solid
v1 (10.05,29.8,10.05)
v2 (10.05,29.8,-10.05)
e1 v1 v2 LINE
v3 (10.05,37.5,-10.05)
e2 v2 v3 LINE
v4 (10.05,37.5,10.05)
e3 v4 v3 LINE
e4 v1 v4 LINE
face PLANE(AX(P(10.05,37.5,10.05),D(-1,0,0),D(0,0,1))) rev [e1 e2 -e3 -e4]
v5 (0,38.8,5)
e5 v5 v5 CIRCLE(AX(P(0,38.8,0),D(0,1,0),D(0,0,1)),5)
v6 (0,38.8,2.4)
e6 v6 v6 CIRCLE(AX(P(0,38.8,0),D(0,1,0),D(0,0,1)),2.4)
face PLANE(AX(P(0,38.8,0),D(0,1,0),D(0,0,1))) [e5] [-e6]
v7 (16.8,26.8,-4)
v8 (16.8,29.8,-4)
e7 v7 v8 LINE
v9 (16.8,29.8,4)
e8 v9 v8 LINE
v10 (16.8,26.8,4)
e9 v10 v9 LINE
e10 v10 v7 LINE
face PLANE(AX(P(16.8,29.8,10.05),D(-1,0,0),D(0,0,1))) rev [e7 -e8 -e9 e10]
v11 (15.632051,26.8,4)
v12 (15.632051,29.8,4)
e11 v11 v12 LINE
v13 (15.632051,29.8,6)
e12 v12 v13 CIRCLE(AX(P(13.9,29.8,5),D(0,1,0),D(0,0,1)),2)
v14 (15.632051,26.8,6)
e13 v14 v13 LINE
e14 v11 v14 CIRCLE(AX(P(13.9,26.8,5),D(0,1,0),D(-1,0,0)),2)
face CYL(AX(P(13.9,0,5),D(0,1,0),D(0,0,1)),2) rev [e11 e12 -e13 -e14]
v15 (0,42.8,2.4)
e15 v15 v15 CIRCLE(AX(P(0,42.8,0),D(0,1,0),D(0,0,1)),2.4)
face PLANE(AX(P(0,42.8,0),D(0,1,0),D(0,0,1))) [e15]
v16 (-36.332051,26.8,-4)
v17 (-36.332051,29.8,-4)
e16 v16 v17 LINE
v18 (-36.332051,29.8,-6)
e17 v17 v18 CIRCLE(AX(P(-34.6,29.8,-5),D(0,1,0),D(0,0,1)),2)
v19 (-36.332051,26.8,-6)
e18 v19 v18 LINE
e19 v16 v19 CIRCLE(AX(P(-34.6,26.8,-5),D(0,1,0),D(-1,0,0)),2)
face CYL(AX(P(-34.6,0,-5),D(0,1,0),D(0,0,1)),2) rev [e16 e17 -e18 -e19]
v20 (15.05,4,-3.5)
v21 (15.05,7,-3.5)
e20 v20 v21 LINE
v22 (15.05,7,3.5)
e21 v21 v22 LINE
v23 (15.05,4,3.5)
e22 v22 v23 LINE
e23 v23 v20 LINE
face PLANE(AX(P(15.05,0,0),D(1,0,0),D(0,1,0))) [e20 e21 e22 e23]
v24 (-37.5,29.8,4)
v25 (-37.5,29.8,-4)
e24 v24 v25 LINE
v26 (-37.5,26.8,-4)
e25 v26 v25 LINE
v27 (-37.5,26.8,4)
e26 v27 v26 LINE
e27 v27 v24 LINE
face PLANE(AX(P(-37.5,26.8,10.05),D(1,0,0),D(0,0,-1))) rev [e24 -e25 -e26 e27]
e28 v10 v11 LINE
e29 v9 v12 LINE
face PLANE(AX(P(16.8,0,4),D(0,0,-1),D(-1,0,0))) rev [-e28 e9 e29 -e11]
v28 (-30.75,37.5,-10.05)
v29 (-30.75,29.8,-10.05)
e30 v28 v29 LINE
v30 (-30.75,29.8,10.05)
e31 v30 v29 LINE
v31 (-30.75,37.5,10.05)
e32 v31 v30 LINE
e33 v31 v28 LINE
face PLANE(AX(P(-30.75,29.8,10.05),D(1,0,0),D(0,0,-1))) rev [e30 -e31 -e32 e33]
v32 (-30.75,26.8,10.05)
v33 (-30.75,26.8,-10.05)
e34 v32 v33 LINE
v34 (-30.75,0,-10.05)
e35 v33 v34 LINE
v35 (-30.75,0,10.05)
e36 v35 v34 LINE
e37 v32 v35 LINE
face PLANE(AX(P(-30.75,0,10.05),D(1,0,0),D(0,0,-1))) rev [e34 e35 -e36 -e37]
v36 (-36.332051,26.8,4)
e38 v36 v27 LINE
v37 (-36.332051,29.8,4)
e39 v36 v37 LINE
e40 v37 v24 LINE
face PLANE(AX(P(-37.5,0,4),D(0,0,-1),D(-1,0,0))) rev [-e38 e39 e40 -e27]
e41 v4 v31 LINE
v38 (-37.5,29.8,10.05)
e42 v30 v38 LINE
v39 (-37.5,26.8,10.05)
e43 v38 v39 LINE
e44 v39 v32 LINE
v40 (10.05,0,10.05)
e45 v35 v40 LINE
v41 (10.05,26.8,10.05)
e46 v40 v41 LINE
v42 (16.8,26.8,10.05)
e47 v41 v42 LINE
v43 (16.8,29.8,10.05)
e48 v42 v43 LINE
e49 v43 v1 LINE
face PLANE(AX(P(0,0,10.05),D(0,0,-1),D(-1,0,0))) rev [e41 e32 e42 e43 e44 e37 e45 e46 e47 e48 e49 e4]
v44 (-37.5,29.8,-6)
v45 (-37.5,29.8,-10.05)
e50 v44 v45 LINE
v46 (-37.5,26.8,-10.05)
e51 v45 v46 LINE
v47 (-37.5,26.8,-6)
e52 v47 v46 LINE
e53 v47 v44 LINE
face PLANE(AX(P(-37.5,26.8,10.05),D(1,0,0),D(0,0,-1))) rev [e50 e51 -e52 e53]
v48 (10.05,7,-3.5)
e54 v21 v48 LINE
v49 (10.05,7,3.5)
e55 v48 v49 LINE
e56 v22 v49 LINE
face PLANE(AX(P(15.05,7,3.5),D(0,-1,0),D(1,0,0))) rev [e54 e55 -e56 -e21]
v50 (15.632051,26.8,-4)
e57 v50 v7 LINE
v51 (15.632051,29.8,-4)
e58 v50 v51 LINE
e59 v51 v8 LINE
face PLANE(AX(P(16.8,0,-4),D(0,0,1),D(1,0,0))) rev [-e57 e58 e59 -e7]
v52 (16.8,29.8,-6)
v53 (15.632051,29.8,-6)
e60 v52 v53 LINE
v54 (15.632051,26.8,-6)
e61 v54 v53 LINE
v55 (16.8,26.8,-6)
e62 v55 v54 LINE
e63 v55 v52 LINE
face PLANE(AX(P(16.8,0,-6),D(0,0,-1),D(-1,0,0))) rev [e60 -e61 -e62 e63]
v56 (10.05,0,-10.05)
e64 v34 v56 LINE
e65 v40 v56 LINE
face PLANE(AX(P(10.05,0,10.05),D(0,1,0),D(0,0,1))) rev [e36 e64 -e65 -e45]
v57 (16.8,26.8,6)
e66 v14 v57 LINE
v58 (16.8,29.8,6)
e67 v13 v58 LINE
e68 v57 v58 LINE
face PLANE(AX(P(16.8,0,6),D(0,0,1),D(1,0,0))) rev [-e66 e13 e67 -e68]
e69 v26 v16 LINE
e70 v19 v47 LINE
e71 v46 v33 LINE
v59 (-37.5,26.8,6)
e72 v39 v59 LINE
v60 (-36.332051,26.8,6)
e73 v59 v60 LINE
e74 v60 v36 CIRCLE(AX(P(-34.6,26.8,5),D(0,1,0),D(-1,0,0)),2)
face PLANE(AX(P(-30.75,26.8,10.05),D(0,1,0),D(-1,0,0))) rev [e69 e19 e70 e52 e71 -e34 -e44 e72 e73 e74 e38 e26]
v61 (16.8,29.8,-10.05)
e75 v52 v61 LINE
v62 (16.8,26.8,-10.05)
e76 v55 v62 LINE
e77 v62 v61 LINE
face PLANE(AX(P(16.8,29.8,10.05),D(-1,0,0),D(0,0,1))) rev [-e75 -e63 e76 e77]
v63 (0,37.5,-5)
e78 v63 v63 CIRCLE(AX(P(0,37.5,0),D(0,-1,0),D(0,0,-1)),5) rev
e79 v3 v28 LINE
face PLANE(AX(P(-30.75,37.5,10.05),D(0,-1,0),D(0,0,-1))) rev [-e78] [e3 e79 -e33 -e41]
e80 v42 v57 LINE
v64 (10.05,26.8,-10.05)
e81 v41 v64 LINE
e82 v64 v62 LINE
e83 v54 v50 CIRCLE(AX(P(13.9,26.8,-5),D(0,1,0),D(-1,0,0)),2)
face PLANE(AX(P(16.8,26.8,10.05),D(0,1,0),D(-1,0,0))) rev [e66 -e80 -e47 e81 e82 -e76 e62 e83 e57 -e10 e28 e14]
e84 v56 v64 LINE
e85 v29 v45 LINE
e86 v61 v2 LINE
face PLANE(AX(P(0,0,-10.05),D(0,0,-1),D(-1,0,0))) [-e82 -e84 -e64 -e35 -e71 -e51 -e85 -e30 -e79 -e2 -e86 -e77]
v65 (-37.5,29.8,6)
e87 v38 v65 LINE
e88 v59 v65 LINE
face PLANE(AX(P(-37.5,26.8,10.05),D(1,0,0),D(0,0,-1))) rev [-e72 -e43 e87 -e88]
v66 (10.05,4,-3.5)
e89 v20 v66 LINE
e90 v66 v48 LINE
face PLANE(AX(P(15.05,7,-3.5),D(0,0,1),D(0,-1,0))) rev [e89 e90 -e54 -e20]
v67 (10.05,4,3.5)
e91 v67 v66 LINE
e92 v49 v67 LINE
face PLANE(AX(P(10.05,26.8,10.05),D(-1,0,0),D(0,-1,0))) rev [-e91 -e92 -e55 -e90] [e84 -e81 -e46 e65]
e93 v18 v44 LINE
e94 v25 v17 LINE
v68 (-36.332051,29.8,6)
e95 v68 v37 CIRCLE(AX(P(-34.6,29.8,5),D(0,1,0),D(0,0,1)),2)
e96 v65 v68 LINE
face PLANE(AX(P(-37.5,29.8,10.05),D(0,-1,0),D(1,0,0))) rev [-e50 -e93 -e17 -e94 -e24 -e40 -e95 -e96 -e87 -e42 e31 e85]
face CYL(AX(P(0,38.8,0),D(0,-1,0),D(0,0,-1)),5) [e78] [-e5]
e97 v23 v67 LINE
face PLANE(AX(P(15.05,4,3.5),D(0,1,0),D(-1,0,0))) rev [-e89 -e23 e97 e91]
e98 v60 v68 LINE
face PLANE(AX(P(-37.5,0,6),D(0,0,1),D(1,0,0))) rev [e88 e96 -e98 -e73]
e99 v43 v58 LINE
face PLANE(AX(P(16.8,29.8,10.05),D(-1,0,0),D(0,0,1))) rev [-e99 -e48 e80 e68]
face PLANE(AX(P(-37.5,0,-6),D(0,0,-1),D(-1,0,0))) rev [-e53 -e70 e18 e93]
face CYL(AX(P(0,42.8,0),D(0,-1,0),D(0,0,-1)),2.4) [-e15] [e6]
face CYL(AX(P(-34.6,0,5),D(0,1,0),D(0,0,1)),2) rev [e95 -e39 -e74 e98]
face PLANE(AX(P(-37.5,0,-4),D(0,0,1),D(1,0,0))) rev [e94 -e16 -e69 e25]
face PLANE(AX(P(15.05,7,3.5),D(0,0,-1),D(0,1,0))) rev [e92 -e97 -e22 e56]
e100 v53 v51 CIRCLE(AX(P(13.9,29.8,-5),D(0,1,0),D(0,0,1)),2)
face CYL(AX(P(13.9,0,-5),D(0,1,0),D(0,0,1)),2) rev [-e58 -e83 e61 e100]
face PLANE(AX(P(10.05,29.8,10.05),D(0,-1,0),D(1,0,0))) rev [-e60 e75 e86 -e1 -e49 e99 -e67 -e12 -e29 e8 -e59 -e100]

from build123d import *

# Parameters (mm, degrees)
BOSS_EXTRUDE1_START = -10.05
BOSS_EXTRUDE1_DEPTH = 20.1
CUT_EXTRUDE1_DEPTH  = 30.8
SKETCH5_R           = 5
BOSS_EXTRUDE2_DEPTH = 1.3
SKETCH6_R           = 2.4
BOSS_EXTRUDE3_DEPTH = 4
SKETCH8_W           = 7
SKETCH8_H           = 3
BOSS_EXTRUDE4_DEPTH = 5


with BuildPart() as part:
    # Sketch3 → Boss-Extrude1 (new body)
    with BuildSketch(Plane.XY.offset(BOSS_EXTRUDE1_START)):
        Polygon((-30.75, 0), (-30.75, 26.8), (-37.5, 26.8), (-37.5, 29.8), (-30.75, 29.8), (-30.75, 37.5), (10.05, 37.5), (10.05, 29.8), (16.8, 29.8), (16.8, 26.8), (10.05, 26.8), (10.05, 0), align=None)
    extrude(amount=BOSS_EXTRUDE1_DEPTH)

    # Sketch4 → Cut-Extrude1 (cut, through all)
    with BuildSketch(Plane(origin=(0, 29.8, 0), x_dir=(1, 0, 0), z_dir=(0, 1, 0))):
        with BuildLine():
            Line((-37.5, 6), (-37.5, 4))
            Line((-37.5, 4), (-36.332050808, 4))
            ThreePointArc((-36.332050808, 4), (-32.6, 5), (-36.332050808, 6))
            Line((-36.332050808, 6), (-37.5, 6))
        make_face()
        with BuildLine():
            Line((16.8, -6), (15.632050808, -6))
            ThreePointArc((15.632050808, -6), (11.9, -5), (15.632050808, -4))
            Line((15.632050808, -4), (16.8, -4))
            Line((16.8, -4), (16.8, -6))
        make_face()
        with BuildLine():
            Line((-37.5, -4), (-37.5, -6))
            Line((-37.5, -6), (-36.332050808, -6))
            ThreePointArc((-36.332050808, -6), (-32.6, -5), (-36.332050808, -4))
            Line((-36.332050808, -4), (-37.5, -4))
        make_face()
        with BuildLine():
            Line((16.8, 4), (15.632050808, 4))
            ThreePointArc((15.632050808, 4), (11.9, 5), (15.632050808, 6))
            Line((15.632050808, 6), (16.8, 6))
            Line((16.8, 6), (16.8, 4))
        make_face()
    extrude(amount=-CUT_EXTRUDE1_DEPTH, mode=Mode.SUBTRACT)

    # Sketch5 → Boss-Extrude2 (add)
    with BuildSketch(Plane(origin=(0, 37.5, 0), x_dir=(1, 0, 0), z_dir=(0, 1, 0))):
        Circle(SKETCH5_R)
    extrude(amount=BOSS_EXTRUDE2_DEPTH)

    # Sketch6 → Boss-Extrude3 (add)
    with BuildSketch(Plane(origin=(0, 38.8, 0), x_dir=(1, 0, 0), z_dir=(0, 1, 0))):
        Circle(SKETCH6_R)
    extrude(amount=BOSS_EXTRUDE3_DEPTH)

    # Sketch8 → Boss-Extrude4 (add)
    with BuildSketch(Plane(origin=(10.05, 0, 0), x_dir=(0, 0, -1), z_dir=(1, 0, 0))):
        with Locations((0, 5.5)):
            Rectangle(SKETCH8_W, SKETCH8_H)
    extrude(amount=BOSS_EXTRUDE4_DEPTH)


solid = part.part
